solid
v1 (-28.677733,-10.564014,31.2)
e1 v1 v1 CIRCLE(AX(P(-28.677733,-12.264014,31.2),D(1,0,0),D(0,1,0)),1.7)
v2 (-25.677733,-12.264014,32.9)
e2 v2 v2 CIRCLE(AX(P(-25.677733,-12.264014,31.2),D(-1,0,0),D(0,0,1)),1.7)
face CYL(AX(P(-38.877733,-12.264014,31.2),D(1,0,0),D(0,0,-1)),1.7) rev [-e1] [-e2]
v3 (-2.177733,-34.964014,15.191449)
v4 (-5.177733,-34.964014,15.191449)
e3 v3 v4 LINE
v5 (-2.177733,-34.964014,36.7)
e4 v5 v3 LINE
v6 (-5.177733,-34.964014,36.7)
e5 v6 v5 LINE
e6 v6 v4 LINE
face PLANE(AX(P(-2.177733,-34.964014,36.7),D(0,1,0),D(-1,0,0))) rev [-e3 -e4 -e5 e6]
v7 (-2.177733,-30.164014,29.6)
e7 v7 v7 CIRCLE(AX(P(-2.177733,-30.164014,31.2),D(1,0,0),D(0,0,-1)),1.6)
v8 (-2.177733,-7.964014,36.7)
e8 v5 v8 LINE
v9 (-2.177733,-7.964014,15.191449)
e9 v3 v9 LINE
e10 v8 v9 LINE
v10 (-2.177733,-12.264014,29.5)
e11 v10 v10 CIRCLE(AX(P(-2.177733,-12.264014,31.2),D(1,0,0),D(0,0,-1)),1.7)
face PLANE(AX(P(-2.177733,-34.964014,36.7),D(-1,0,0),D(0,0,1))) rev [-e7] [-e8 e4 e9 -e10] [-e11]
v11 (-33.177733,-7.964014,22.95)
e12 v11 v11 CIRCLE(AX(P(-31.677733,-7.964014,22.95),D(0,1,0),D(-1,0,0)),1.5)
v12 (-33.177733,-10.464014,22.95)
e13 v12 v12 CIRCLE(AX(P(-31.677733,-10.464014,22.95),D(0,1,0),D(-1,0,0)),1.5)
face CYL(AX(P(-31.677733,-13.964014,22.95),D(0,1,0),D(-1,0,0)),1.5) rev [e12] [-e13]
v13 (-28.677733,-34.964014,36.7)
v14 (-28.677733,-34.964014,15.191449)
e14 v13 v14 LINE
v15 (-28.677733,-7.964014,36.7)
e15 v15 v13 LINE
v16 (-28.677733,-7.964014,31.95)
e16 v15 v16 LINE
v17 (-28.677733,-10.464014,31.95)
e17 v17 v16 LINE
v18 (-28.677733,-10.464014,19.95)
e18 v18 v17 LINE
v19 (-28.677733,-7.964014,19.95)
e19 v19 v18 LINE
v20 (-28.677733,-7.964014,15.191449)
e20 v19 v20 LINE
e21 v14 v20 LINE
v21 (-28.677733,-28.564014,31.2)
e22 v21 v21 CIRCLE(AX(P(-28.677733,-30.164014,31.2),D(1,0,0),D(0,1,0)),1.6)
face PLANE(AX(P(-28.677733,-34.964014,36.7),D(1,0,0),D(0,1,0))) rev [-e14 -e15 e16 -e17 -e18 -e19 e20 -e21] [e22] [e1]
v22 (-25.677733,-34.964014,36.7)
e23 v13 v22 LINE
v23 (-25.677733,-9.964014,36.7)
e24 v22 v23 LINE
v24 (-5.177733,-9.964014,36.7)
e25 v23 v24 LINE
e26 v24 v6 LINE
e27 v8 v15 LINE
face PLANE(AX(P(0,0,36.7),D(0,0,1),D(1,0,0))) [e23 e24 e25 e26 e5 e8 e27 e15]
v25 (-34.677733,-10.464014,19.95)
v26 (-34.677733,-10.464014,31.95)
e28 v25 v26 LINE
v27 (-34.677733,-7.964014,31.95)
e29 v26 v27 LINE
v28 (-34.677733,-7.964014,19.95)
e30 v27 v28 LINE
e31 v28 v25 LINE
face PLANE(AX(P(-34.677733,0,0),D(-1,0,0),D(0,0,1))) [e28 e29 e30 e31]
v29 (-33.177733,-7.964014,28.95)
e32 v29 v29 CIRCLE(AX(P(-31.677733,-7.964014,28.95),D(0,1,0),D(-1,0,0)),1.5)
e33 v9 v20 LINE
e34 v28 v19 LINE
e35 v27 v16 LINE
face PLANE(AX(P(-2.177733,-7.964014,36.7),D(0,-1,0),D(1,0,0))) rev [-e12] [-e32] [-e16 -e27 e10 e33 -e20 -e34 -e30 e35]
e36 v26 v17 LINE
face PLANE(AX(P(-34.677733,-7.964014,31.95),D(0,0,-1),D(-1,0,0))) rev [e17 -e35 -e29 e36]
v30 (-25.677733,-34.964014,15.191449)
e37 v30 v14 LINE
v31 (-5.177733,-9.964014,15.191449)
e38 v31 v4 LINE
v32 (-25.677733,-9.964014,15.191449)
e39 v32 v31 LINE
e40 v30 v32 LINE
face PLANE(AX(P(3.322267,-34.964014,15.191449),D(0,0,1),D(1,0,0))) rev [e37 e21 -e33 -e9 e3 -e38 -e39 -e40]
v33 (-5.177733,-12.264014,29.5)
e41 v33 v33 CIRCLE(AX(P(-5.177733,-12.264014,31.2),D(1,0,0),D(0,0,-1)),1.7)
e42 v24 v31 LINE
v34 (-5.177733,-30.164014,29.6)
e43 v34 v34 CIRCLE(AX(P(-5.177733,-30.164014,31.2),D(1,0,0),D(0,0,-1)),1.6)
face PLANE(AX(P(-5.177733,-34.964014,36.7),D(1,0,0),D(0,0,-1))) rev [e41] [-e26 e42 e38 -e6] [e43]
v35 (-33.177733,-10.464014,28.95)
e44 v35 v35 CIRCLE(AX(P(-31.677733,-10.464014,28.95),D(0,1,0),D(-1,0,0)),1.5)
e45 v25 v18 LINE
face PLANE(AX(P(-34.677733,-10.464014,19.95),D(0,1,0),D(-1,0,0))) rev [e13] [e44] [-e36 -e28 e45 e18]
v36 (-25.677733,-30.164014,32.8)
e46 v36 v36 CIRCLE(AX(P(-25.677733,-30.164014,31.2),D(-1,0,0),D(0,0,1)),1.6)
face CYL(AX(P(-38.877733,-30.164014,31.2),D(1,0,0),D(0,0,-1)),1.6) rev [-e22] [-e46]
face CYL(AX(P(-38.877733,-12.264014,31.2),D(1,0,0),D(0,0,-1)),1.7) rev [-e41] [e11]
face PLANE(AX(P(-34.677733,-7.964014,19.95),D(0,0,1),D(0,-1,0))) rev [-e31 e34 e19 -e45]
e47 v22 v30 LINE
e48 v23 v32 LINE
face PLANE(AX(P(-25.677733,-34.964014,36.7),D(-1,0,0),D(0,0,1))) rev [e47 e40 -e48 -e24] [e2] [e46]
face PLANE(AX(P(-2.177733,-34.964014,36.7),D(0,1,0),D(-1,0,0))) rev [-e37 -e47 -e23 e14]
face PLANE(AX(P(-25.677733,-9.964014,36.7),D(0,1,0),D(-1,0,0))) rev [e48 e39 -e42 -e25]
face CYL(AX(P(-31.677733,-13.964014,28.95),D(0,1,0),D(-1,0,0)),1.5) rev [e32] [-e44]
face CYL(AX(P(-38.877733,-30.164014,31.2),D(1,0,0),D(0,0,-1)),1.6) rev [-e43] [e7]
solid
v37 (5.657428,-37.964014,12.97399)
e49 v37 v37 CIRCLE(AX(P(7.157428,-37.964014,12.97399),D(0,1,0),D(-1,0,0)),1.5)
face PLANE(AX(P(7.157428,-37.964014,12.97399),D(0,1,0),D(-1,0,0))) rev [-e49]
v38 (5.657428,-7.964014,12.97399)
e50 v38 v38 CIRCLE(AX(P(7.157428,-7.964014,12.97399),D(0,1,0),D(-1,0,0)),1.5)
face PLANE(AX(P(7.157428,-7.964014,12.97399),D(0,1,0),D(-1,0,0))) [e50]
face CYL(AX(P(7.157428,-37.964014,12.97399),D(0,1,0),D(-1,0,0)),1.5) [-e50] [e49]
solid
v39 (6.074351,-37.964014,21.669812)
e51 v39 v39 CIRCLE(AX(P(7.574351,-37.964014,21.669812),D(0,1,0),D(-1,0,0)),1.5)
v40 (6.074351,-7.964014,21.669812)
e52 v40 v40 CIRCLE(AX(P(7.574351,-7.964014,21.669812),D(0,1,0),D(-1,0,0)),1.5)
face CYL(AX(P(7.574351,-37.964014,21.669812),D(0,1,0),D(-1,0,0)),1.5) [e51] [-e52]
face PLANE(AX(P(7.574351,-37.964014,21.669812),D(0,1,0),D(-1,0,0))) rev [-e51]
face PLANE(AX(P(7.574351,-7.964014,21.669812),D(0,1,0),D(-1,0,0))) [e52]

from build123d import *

# Parameters (mm, degrees)
SKETCH1_W             = 26.5
SKETCH1_H             = 27
BOSS_EXTRUDE1_DEPTH   = 36.7
SKETCH2_W             = 20.5
SKETCH2_H             = 25
CUT_EXTRUDE1_DEPTH    = 36.7
SKETCH3_R             = 1.7
SKETCH3_R_2           = 1.6
CUT_EXTRUDE2_DEPTH    = 36.7
SKETCH4_R             = 3
CUT_EXTRUDE3_DEPTH    = 36.7
SKETCH8_R             = 1.5
BOSS_EXTRUDE3_DEPTH   = 30
BOSS_EXTRUDE3_2_DEPTH = 30
SKETCH9_W             = 5.918746276
SKETCH9_H             = 6
SKETCH9_W_2           = 6.707912446
CUT_EXTRUDE4_DEPTH    = 12
SKETCH11_W            = 15.191448775
SKETCH11_H            = 37.067540439
CUT_EXTRUDE6_DEPTH    = 32
SKETCH12_W            = 12
SKETCH12_H            = 2.5
BOSS_EXTRUDE4_DEPTH   = 6
SKETCH13_R            = 1.5
CUT_EXTRUDE7_DEPTH    = 6
SKETCH14_W            = 11.732424075
SKETCH14_H            = 31.976606793
CUT_EXTRUDE8_DEPTH    = 10
SKETCH15_W            = 6
SKETCH15_H            = 12.008551225
SKETCH15_R            = 1.5
BOSS_EXTRUDE5_DEPTH   = 2.5
SKETCH17_W            = 99.088440485
SKETCH17_H            = 65.829588933
CUT_EXTRUDE9_DEPTH    = 50


with BuildPart() as part:
    # Sketch1 → Boss-Extrude1 (new body)
    with BuildSketch(Plane.XY):
        with Locations((-15.427732696, -21.46401366)):
            Rectangle(SKETCH1_W, SKETCH1_H)
    extrude(amount=BOSS_EXTRUDE1_DEPTH)

    # Sketch2 → Cut-Extrude1 (cut)
    with BuildSketch(Plane(origin=(0, 0, 0), x_dir=(-1, 0, 0), z_dir=(0, 0, -1))):
        with Locations((15.427732696, -22.46401366)):
            Rectangle(SKETCH2_W, SKETCH2_H)
    extrude(amount=-CUT_EXTRUDE1_DEPTH, mode=Mode.SUBTRACT)

    # Sketch3 → Cut-Extrude2 (cut)
    with BuildSketch(Plane(origin=(-2.177732696, 0, 0), x_dir=(0, 0, -1), z_dir=(1, 0, 0))):
        with Locations(Location((-31.2, -12.26401366, 0), (0, 0, 90))):
            Circle(SKETCH3_R)
        with Locations(Location((-31.2, -30.16401366, 0), (0, 0, 90))):
            Circle(SKETCH3_R_2)
    extrude(amount=-CUT_EXTRUDE2_DEPTH, mode=Mode.SUBTRACT)

    # Sketch4 → Cut-Extrude3 (cut)
    with BuildSketch(Plane(origin=(-2.177732696, 0, 0), x_dir=(0, 0, -1), z_dir=(1, 0, 0))):
        with Locations(Location((-12.025092395, -21.16401366, 0), (0, 0, 90))):
            Circle(SKETCH4_R)
    extrude(amount=-CUT_EXTRUDE3_DEPTH, mode=Mode.SUBTRACT)

    # Sketch9 → Cut-Extrude4 (cut)
    with BuildSketch(Plane(origin=(0, 0, 0), x_dir=(-1, 0, 0), z_dir=(0, 0, -1))):
        with Locations((3.689038825, -21.16401366)):
            Rectangle(SKETCH9_W, SKETCH9_H)
        with Locations((28.103867214, -21.16401366)):
            Rectangle(SKETCH9_W_2, SKETCH9_H)
    extrude(amount=-CUT_EXTRUDE4_DEPTH, mode=Mode.SUBTRACT)

    # Sketch11 → Cut-Extrude6 (cut)
    with BuildSketch(Plane.ZY.offset(28.677732696)):
        with Locations((7.595724388, -16.43024344)):
            Rectangle(SKETCH11_W, SKETCH11_H)
    extrude(amount=-CUT_EXTRUDE6_DEPTH, mode=Mode.SUBTRACT)

    # Sketch12 → Boss-Extrude4 (add)
    with BuildSketch(Plane.ZY.offset(28.677732696)):
        with Locations((25.95, -9.21401366)):
            Rectangle(SKETCH12_W, SKETCH12_H)
    extrude(amount=BOSS_EXTRUDE4_DEPTH)

    # Sketch13 → Cut-Extrude7 (cut)
    with BuildSketch(Plane(origin=(0, -7.96401366, 0), x_dir=(1, 0, 0), z_dir=(0, 1, 0))):
        with Locations(Location((-31.677732696, -22.95, 0), (0, 0, 180))):
            Circle(SKETCH13_R)
        with Locations(Location((-31.677732696, -28.95, 0), (0, 0, 180))):
            Circle(SKETCH13_R)
    extrude(amount=-CUT_EXTRUDE7_DEPTH, mode=Mode.SUBTRACT)


with BuildPart() as body_2:
    # Sketch8 → Boss-Extrude3 (new body)
    with BuildSketch(Plane(origin=(0, -7.96401366, 0), x_dir=(1, 0, 0), z_dir=(0, 1, 0))):
        with Locations(Location((7.15742756, -12.973989901, 0), (0, 0, 180))):
            Circle(SKETCH8_R)
    extrude(amount=-BOSS_EXTRUDE3_DEPTH)


with BuildPart() as body_3:
    # Sketch8 → Boss-Extrude3 2 (new body)
    with BuildSketch(Plane(origin=(0, -7.96401366, 0), x_dir=(1, 0, 0), z_dir=(0, 1, 0))):
        with Locations(Location((7.574350551, -21.669812293, 0), (0, 0, 180))):
            Circle(SKETCH8_R)
    extrude(amount=-BOSS_EXTRUDE3_2_DEPTH)


with BuildPart() as body_4:
    # Body-Move/Copy4: copy of part
    add(part.part.moved(Location((-70.821628829, 0, 0))))

    # Sketch14 → Cut-Extrude8 (cut)
    with BuildSketch(Plane(origin=(0, -7.96401366, 0), x_dir=(1, 0, 0), z_dir=(0, 1, 0))):
        with Locations((-105.365573562, -18.867606945)):
            Rectangle(SKETCH14_W, SKETCH14_H)
    extrude(amount=-CUT_EXTRUDE8_DEPTH, mode=Mode.SUBTRACT)

    # Sketch15 → Boss-Extrude5 (add)
    with BuildSketch(Plane(origin=(0, -7.96401366, 0), x_dir=(1, 0, 0), z_dir=(0, 1, 0))):
        with Locations((-69.999361524, -25.945724388)):
            Rectangle(SKETCH15_W, SKETCH15_H)
        with Locations(Location((-69.999361524, -22.941448775, 0), (0, 0, 180))):
            Circle(SKETCH15_R, mode=Mode.SUBTRACT)
        with Locations(Location((-69.999361524, -28.95, 0), (0, 0, 180))):
            Circle(SKETCH15_R, mode=Mode.SUBTRACT)
    extrude(amount=-BOSS_EXTRUDE5_DEPTH)


with BuildPart() as body_5:
    # Body-Move/Copy5: copy of body 2
    add(body_2.part.moved(Location((-69.754488263, 0, 0))))


with BuildPart() as body_6:
    # Body-Move/Copy6: copy of body 3
    add(body_3.part.moved(Location((-71.521118541, 0, 0))))


with BuildPart() as cut_extrude9_tool:
    # Sketch17 → Cut-Extrude9 (new body)
    with BuildSketch(Plane(origin=(0, -7.96401366, 0), x_dir=(1, 0, 0), z_dir=(0, 1, 0))):
        with Locations((-104.540526015, -10.422992559)):
            Rectangle(SKETCH17_W, SKETCH17_H)
    extrude(amount=-CUT_EXTRUDE9_DEPTH)


with BuildPart() as body_4_1:
    add(body_4.part)

    # Cut-Extrude9: cut by cut_extrude9_tool
    add(cut_extrude9_tool.part, mode=Mode.SUBTRACT)


with BuildPart() as body_5_1:
    add(body_5.part)

    # Cut-Extrude9: cut by cut_extrude9_tool
    add(cut_extrude9_tool.part, mode=Mode.SUBTRACT)


with BuildPart() as body_6_1:
    add(body_6.part)

    # Cut-Extrude9: cut by cut_extrude9_tool
    add(cut_extrude9_tool.part, mode=Mode.SUBTRACT)


solid = Compound([part.part, body_2.part, body_3.part])
